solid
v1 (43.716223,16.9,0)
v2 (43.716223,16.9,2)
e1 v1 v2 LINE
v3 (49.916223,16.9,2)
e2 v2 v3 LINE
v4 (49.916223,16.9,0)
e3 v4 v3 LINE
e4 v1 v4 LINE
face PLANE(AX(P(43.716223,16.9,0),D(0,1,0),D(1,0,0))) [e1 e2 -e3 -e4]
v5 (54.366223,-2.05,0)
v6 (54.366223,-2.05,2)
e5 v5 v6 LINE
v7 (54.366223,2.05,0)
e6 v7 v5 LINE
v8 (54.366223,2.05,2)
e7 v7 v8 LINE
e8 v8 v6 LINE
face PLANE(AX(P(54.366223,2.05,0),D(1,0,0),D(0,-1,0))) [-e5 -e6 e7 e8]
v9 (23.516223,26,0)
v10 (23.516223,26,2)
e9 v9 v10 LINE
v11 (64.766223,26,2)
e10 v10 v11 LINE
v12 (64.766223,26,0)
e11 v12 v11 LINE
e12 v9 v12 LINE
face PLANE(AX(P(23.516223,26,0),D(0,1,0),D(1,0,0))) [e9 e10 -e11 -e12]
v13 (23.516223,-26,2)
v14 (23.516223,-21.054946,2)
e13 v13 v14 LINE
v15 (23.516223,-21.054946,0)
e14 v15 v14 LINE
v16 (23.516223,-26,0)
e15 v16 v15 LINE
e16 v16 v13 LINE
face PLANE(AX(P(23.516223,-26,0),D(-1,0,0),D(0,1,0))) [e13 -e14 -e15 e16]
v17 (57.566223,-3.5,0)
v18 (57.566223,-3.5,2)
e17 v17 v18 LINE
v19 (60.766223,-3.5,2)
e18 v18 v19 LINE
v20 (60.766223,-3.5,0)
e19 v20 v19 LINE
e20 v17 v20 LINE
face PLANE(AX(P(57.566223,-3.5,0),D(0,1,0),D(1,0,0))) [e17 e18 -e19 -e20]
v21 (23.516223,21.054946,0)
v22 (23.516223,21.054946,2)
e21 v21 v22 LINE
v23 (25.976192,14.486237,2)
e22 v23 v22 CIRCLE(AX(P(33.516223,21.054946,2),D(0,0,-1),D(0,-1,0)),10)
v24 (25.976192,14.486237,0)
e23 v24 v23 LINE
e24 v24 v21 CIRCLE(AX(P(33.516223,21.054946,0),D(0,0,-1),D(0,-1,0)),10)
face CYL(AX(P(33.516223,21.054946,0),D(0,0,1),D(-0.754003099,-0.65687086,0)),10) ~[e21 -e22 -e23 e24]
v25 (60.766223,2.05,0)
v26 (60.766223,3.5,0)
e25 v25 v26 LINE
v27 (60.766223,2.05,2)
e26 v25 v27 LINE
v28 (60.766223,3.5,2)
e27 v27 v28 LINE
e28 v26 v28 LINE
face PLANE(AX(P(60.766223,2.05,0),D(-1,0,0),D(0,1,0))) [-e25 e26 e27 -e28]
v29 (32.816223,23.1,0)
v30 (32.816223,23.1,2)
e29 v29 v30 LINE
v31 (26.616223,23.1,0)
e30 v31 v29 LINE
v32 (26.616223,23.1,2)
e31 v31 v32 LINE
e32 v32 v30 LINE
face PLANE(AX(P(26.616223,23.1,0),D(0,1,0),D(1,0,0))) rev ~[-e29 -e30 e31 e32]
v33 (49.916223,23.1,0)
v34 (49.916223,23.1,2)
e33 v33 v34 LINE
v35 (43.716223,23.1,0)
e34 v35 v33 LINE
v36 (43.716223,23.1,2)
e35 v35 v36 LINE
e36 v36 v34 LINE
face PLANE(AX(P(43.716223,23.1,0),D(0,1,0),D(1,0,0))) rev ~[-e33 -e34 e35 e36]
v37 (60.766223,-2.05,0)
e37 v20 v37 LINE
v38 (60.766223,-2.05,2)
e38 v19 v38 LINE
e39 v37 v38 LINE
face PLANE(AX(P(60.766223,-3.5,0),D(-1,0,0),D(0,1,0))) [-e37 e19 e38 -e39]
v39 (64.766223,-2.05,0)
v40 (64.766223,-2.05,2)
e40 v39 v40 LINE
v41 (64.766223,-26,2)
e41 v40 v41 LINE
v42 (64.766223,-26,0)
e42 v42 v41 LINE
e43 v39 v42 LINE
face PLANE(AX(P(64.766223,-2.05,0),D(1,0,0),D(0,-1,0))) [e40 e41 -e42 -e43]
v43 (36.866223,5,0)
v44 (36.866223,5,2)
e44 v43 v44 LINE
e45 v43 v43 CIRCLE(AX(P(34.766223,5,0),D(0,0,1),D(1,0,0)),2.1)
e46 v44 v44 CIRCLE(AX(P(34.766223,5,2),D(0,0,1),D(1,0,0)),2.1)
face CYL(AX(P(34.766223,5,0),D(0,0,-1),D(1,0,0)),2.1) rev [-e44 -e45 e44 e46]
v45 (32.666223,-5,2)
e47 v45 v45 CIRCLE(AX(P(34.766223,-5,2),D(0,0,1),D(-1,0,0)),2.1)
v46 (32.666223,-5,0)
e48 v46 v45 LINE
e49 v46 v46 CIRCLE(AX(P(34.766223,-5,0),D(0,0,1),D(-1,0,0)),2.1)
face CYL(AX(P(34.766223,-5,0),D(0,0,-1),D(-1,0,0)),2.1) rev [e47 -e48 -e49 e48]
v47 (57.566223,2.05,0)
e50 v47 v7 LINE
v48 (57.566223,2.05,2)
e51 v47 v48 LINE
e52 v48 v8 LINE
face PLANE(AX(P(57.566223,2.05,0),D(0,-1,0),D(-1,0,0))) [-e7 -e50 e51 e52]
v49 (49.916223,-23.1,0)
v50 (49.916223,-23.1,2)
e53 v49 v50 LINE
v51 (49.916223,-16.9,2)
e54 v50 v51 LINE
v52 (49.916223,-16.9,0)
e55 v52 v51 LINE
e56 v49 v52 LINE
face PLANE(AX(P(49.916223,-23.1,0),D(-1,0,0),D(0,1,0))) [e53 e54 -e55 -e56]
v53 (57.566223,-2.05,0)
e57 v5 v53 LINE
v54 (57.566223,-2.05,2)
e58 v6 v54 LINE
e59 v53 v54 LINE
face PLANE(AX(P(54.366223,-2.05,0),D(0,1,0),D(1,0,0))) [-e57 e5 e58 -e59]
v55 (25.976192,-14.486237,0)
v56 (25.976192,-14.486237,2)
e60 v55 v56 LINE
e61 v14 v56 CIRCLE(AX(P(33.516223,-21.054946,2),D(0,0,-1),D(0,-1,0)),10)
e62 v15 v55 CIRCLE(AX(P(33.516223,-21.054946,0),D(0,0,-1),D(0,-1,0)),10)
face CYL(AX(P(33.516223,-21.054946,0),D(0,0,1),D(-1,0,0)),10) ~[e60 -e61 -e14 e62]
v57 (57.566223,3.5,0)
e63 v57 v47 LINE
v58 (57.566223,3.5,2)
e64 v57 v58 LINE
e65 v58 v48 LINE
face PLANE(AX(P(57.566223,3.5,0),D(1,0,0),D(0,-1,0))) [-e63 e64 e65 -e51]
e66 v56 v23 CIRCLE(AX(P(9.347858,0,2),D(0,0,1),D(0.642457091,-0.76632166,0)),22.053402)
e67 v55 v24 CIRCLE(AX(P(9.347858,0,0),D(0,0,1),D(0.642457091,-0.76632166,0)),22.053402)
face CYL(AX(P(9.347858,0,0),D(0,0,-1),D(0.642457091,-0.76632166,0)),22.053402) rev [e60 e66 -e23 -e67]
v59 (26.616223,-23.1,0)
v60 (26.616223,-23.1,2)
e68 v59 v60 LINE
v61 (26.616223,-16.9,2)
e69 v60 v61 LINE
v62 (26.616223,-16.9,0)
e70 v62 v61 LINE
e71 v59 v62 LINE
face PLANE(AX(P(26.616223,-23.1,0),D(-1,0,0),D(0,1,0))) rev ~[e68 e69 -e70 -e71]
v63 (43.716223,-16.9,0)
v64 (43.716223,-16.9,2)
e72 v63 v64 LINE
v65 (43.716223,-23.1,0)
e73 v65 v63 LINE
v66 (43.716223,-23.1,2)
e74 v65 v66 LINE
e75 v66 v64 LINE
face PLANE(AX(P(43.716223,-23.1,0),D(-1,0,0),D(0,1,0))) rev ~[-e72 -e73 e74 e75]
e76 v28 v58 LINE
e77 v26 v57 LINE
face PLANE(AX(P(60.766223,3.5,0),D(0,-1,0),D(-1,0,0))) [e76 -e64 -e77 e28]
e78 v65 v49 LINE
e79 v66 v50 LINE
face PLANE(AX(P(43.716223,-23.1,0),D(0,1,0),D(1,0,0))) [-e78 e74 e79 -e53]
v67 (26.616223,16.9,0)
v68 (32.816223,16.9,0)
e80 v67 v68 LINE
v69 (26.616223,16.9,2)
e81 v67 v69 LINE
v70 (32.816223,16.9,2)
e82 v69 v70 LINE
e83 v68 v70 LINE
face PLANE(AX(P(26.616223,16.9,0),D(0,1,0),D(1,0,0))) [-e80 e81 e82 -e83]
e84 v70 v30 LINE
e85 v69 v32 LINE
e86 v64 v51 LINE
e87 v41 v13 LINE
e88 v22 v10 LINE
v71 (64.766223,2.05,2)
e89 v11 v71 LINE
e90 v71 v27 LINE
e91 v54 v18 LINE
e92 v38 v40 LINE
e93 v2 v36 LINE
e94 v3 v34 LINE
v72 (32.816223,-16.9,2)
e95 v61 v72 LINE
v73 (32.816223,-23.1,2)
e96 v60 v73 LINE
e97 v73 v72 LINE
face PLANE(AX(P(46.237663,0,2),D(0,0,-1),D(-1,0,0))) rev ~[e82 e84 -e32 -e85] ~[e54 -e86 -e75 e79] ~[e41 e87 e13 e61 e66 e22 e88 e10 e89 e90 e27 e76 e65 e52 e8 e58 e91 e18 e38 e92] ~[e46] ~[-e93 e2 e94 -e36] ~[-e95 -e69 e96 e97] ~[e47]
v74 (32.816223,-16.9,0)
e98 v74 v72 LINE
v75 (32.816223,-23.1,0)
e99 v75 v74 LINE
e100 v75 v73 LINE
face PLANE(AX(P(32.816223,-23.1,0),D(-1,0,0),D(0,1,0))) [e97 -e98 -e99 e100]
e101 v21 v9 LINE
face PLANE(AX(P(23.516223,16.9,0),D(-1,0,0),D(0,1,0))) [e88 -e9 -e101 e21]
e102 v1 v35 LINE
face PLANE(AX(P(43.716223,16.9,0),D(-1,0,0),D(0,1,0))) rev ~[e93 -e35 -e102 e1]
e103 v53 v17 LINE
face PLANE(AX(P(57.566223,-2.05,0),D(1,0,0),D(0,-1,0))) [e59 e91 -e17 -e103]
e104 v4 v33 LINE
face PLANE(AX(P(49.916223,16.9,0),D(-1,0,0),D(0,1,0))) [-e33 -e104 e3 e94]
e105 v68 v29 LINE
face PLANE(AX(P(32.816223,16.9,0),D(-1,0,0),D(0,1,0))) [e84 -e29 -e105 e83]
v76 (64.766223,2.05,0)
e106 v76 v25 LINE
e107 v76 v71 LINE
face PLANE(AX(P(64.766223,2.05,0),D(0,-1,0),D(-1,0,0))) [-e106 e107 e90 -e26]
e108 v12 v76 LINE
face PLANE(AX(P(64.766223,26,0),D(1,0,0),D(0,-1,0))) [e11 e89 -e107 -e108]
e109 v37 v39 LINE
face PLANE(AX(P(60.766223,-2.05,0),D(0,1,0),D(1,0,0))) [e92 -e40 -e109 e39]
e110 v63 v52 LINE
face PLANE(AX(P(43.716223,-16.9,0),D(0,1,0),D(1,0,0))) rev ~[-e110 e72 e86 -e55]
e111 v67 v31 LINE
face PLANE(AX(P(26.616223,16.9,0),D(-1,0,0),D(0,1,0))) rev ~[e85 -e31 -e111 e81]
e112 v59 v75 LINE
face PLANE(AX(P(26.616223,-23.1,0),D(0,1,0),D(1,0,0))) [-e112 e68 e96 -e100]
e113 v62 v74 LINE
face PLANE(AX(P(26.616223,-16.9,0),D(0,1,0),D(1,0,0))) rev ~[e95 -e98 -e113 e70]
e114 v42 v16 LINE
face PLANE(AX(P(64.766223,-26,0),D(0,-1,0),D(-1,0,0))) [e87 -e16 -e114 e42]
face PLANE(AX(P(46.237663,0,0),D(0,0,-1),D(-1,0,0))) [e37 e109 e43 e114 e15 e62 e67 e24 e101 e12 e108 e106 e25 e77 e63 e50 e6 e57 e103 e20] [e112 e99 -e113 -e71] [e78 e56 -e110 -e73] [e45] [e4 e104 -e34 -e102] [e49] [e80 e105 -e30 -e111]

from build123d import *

# Parameters (mm, degrees)
SKETCH_1_R      = 2.1
SKETCH_1_W      = 6.2
SKETCH_1_H      = 6.2
EXTRUDE_1_DEPTH = 2
FILLET_1_R      = 10


with BuildPart() as part:
    # 草图1 → 凸台-拉伸1 (new body)
    with BuildSketch(Plane.XY):
        with BuildLine():
            Line((64.766222961, -26), (23.516222961, -26))
            Line((23.516222961, -26), (23.516222961, -16.9))
            ThreePointArc((23.516222961, -16.9), (31.401260639, 0), (23.516222961, 16.9))
            Line((23.516222961, 16.9), (23.516222961, 26))
            Line((23.516222961, 26), (64.766222961, 26))
            Line((64.766222961, 26), (64.766222961, 2.05))
            Line((64.766222961, 2.05), (60.766222961, 2.05))
            Line((60.766222961, 2.05), (60.766222961, 3.5))
            Line((60.766222961, 3.5), (57.566222961, 3.5))
            Line((57.566222961, 3.5), (57.566222961, 2.05))
            Line((57.566222961, 2.05), (54.366222961, 2.05))
            Line((54.366222961, 2.05), (54.366222961, -2.05))
            Line((54.366222961, -2.05), (57.566222961, -2.05))
            Line((57.566222961, -2.05), (57.566222961, -3.5))
            Line((57.566222961, -3.5), (60.766222961, -3.5))
            Line((60.766222961, -3.5), (60.766222961, -2.05))
            Line((60.766222961, -2.05), (64.766222961, -2.05))
            Line((64.766222961, -2.05), (64.766222961, -26))
        make_face()
        with Locations((34.766222961, 5)):
            Circle(SKETCH_1_R, mode=Mode.SUBTRACT)
        with Locations(Location((34.766222961, -5, 0), (0, 0, 180))):
            Circle(SKETCH_1_R, mode=Mode.SUBTRACT)
        with Locations((46.816222961, -20)):
            Rectangle(SKETCH_1_W, SKETCH_1_H, mode=Mode.SUBTRACT)
        with Locations((29.716222961, -20)):
            Rectangle(SKETCH_1_W, SKETCH_1_H, mode=Mode.SUBTRACT)
        with Locations((29.716222961, 20)):
            Rectangle(SKETCH_1_W, SKETCH_1_H, mode=Mode.SUBTRACT)
        with Locations((46.816222961, 20)):
            Rectangle(SKETCH_1_W, SKETCH_1_H, mode=Mode.SUBTRACT)
    extrude(amount=EXTRUDE_1_DEPTH)

    # 圆角1
    fillet_1_edges = [part.edges().sort_by_distance(p)[0] for p in [
        (23.516222961, -16.9, 1),
        (23.516222961, 16.9, 1),
    ]]
    fillet(fillet_1_edges, radius=FILLET_1_R)


solid = part.part
